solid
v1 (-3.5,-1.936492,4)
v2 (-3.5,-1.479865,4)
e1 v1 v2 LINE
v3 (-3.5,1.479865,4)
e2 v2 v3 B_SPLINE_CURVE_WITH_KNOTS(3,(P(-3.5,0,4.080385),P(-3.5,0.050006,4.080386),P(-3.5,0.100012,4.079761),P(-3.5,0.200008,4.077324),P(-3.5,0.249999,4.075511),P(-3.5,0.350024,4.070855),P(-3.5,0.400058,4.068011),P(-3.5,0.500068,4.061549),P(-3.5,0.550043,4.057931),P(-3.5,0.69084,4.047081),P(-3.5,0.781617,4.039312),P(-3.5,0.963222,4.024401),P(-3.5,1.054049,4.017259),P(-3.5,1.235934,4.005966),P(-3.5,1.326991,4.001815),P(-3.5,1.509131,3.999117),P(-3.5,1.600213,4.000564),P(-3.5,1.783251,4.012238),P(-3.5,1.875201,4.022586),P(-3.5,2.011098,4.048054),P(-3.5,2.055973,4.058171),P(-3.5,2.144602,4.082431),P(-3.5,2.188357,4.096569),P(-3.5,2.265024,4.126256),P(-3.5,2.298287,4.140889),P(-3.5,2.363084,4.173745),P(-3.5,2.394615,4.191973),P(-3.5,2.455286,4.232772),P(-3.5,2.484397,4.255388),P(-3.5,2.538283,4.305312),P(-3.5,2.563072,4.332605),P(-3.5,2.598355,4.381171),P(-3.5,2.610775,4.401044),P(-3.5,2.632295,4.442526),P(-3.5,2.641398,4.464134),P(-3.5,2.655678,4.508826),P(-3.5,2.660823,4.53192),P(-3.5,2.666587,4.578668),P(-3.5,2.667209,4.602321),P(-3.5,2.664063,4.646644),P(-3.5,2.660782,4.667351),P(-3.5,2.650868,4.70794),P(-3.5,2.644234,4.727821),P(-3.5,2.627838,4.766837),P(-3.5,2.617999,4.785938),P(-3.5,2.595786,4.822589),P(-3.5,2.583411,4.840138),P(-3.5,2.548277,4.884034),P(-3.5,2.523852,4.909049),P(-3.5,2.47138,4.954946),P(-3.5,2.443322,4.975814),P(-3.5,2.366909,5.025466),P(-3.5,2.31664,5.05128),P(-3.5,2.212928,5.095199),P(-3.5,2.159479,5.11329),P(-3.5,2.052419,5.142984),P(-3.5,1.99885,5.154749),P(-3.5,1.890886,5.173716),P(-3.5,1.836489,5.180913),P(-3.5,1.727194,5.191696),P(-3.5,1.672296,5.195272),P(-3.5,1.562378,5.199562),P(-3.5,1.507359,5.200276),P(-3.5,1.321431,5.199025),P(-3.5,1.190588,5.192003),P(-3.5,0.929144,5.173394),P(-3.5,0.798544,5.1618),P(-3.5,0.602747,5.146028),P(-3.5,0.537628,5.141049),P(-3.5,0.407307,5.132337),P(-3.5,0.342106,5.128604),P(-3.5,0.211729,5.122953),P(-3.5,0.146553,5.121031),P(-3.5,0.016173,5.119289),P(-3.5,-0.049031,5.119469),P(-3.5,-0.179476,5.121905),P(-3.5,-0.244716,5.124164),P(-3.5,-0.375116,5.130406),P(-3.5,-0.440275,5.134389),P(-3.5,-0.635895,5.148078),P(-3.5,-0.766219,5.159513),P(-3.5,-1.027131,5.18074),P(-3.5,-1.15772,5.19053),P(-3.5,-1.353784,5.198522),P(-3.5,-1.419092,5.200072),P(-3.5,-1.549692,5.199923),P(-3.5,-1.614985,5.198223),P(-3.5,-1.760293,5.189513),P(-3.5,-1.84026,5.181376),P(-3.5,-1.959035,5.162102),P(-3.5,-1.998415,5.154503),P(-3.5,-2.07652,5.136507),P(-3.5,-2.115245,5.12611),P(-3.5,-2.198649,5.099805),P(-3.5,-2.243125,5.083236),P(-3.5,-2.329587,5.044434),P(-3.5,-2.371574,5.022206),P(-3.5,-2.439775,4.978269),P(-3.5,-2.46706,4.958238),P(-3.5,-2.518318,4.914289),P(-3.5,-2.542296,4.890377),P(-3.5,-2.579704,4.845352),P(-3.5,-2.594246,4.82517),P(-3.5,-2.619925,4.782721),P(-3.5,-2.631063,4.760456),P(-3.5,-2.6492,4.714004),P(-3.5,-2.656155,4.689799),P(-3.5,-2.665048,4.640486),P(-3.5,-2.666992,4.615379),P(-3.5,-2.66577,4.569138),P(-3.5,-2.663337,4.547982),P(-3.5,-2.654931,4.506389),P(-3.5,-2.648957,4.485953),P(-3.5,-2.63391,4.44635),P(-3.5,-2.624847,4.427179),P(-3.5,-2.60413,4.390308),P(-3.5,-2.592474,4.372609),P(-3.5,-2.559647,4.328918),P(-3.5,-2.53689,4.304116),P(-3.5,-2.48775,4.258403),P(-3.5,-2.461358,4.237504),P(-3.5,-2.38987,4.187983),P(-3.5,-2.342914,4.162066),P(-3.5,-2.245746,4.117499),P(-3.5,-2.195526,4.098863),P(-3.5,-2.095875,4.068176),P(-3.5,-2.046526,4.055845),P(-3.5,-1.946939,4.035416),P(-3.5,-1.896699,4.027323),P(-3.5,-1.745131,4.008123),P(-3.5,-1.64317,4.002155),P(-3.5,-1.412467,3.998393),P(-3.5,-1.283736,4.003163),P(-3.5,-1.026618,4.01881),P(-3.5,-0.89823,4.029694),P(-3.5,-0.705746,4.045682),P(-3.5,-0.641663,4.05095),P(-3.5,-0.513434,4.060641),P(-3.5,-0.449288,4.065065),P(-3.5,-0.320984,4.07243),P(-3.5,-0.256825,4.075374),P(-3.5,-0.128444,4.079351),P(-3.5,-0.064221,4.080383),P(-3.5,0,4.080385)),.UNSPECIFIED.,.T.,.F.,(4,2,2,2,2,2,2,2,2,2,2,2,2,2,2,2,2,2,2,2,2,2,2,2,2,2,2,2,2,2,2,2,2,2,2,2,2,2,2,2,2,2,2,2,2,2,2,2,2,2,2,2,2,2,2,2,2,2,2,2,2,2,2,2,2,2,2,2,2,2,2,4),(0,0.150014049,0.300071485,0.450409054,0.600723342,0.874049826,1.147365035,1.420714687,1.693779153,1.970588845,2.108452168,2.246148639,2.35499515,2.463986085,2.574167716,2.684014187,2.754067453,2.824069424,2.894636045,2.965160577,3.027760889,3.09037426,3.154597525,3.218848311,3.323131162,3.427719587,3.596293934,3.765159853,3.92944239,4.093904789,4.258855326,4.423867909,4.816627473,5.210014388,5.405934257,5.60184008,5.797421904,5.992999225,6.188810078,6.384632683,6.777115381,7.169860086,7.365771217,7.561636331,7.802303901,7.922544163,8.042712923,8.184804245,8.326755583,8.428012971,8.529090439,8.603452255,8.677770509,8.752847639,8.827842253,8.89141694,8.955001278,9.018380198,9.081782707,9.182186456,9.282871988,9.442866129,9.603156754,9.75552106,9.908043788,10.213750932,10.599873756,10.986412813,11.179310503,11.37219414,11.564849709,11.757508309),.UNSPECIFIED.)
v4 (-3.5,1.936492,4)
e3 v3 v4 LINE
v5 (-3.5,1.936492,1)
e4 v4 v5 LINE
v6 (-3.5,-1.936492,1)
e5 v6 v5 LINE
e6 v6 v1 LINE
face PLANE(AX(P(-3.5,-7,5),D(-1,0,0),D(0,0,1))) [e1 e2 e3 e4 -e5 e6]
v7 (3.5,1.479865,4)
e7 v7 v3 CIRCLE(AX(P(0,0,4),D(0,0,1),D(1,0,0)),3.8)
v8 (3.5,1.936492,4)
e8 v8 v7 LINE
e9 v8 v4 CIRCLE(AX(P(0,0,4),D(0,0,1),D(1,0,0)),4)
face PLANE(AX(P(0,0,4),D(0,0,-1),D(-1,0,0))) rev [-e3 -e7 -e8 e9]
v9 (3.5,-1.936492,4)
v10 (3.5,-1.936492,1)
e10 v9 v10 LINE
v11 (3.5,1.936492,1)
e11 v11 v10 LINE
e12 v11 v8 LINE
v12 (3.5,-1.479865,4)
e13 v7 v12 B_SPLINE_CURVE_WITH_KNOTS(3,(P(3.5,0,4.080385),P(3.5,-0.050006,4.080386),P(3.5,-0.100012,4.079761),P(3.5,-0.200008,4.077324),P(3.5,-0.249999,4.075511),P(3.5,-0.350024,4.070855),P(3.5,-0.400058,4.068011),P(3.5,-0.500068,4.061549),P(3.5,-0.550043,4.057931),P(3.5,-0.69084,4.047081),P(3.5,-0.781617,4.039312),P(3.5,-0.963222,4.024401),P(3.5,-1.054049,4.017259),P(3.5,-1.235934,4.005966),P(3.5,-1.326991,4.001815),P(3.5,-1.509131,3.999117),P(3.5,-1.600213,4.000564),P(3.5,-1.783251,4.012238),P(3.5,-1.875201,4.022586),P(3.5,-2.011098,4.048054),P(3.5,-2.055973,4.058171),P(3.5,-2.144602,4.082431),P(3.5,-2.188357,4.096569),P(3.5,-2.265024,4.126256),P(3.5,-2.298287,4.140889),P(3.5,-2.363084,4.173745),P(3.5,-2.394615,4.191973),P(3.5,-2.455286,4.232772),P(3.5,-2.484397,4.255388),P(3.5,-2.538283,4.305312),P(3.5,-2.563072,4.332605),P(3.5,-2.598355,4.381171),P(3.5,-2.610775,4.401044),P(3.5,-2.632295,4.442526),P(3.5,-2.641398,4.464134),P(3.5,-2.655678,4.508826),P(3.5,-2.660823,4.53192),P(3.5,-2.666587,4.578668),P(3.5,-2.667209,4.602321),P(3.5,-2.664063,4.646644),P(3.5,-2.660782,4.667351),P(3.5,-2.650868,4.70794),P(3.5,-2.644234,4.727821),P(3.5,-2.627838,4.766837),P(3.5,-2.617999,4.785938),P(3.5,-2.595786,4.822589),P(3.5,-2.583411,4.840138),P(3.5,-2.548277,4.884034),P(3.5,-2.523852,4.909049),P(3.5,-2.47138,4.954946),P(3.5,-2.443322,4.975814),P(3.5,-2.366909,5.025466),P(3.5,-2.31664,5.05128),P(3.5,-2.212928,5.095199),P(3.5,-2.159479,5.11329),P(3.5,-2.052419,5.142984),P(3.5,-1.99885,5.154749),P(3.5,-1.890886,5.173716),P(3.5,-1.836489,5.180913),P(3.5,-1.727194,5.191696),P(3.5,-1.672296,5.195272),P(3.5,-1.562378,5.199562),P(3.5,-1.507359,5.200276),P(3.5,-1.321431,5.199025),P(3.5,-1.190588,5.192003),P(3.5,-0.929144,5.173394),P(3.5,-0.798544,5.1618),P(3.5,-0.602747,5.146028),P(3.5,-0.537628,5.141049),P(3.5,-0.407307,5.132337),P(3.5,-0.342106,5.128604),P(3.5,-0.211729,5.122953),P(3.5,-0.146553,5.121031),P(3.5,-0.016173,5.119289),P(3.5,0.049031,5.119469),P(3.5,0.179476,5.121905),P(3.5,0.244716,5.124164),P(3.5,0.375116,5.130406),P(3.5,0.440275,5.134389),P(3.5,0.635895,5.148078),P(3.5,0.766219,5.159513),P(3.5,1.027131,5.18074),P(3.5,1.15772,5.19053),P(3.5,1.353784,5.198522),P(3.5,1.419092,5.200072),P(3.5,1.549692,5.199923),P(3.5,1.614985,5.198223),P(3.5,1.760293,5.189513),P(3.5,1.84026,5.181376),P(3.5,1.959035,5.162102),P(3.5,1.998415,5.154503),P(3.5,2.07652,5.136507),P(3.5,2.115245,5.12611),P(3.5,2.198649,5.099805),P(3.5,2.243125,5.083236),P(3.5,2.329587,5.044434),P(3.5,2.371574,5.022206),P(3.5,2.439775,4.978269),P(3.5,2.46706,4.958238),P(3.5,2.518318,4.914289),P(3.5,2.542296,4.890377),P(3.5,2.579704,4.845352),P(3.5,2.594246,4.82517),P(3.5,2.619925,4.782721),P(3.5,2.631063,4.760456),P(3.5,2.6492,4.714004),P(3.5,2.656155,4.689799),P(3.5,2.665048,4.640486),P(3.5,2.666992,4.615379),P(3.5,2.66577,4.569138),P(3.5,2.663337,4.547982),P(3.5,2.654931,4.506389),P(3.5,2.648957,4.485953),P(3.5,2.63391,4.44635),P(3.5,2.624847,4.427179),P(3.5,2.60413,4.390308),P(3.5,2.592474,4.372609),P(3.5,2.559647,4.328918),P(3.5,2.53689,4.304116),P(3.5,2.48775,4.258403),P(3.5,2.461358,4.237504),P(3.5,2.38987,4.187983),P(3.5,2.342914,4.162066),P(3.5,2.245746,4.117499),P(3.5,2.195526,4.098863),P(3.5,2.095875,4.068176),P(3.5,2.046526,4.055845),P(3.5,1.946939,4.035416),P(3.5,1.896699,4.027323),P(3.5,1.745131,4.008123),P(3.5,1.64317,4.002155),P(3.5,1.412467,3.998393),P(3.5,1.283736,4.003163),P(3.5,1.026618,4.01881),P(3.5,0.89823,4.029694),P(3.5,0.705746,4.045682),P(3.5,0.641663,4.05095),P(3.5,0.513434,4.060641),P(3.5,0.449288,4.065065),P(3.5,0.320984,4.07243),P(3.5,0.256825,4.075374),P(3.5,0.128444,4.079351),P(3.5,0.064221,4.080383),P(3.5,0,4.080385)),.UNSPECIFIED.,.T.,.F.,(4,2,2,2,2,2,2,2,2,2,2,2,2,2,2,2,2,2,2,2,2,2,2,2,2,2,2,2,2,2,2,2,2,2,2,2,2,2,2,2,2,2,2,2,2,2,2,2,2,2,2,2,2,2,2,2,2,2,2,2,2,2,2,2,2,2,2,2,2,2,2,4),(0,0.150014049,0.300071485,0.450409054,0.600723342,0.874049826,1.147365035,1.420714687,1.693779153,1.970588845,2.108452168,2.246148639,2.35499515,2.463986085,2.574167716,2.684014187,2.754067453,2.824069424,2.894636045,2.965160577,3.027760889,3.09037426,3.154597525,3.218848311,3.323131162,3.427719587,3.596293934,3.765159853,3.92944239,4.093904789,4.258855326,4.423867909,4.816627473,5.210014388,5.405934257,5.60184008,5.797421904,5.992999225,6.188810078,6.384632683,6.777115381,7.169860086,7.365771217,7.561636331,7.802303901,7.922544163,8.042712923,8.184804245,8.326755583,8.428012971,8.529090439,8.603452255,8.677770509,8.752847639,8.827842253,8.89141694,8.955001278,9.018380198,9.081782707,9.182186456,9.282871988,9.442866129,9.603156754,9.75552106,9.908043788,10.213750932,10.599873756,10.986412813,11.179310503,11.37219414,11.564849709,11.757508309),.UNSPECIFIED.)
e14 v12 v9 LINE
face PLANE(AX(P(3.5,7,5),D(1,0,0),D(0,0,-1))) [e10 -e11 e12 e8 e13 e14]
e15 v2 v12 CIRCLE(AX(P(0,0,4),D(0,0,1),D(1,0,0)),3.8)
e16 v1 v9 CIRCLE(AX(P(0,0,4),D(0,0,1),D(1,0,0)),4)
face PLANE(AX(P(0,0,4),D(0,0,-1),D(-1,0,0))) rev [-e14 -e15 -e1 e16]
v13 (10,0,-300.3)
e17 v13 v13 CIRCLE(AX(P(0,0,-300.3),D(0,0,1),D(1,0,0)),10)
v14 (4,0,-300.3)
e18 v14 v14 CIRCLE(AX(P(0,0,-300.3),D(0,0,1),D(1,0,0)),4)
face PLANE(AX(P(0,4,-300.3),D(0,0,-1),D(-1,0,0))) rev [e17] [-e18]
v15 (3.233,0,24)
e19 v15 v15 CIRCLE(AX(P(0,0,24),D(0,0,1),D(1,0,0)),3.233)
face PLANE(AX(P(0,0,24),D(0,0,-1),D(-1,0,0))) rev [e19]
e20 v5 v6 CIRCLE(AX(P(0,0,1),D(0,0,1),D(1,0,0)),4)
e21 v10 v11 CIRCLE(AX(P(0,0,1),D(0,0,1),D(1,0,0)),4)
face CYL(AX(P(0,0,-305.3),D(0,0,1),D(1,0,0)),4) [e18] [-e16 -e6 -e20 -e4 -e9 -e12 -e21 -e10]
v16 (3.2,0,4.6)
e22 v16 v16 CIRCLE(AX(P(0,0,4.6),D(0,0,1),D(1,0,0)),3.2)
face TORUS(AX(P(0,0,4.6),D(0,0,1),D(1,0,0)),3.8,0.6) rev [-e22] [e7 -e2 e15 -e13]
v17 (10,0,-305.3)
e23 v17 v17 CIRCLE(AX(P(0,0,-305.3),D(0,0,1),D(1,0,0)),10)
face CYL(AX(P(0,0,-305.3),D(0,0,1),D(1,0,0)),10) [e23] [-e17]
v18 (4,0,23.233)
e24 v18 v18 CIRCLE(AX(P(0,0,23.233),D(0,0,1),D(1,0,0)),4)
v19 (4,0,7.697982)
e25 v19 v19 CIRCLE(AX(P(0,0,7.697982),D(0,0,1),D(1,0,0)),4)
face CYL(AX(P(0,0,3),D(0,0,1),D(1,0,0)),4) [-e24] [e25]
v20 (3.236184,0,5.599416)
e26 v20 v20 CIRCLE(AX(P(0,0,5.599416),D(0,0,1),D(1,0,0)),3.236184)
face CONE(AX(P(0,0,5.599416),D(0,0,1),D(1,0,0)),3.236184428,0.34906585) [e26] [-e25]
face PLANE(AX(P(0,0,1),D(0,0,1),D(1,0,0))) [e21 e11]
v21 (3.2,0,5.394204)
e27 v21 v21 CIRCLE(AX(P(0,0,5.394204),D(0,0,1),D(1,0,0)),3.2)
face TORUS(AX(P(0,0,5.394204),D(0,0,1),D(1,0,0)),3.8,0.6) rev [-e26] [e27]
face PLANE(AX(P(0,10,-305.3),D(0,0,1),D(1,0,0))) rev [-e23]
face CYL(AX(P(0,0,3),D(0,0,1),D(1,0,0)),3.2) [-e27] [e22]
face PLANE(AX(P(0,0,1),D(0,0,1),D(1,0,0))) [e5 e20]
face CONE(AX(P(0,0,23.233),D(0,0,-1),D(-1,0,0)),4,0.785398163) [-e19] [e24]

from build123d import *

# Parameters (mm, degrees)
CUT_EXTRUDE1_DEPTH = 4


with BuildPart() as part:
    # Sketch1 → Revolve1 (revolve)
    with BuildSketch(Plane(origin=(0, 0, 0), x_dir=(0, 0, -1), z_dir=(1, 0, 0))):
        Polygon((-4, 0), (-4, 4), (300.3, 4), (300.3, 10), (305.3, 10), (305.3, 0), align=None)
    revolve(axis=Axis((0, 0, -305.3), (0, 0, 1)))

    # Sketch2 → Revolve2 (revolve)
    with BuildSketch(Plane(origin=(0, 0, 0), x_dir=(0, 0, -1), z_dir=(1, 0, 0))):
        with BuildLine():
            Line((-24, 0), (-24, 3.233))
            Line((-24, 3.233), (-23.233, 4))
            Line((-23.233, 4), (-7.697981936, 4))
            Line((-7.697981936, 4), (-5.599415898, 3.236184428))
            ThreePointArc((-5.599415898, 3.236184428), (-5.498392718, 3.209115348), (-5.394203812, 3.2))
            Line((-5.394203812, 3.2), (-4.6, 3.2))
            ThreePointArc((-4.6, 3.2), (-4.175735931, 3.375735931), (-4, 3.8))
            Line((-4, 3.8), (-4, 4))
            Line((-4, 4), (-3, 4))
            Line((-3, 4), (-3, 0))
            Line((-3, 0), (-24, 0))
        make_face()
    revolve(axis=Axis((0, 0, 3), (0, 0, 1)))

    # Sketch3 → Cut-Extrude1 (cut)
    with BuildSketch(Plane.XY.offset(1)):
        Polygon((-7, 14), (-7, -7), (-3.5, -7), (-3.5, 7), (3.5, 7), (3.5, -7), (7, -7), (7, 14), align=None)
    extrude(amount=CUT_EXTRUDE1_DEPTH, mode=Mode.SUBTRACT)


solid = part.part
